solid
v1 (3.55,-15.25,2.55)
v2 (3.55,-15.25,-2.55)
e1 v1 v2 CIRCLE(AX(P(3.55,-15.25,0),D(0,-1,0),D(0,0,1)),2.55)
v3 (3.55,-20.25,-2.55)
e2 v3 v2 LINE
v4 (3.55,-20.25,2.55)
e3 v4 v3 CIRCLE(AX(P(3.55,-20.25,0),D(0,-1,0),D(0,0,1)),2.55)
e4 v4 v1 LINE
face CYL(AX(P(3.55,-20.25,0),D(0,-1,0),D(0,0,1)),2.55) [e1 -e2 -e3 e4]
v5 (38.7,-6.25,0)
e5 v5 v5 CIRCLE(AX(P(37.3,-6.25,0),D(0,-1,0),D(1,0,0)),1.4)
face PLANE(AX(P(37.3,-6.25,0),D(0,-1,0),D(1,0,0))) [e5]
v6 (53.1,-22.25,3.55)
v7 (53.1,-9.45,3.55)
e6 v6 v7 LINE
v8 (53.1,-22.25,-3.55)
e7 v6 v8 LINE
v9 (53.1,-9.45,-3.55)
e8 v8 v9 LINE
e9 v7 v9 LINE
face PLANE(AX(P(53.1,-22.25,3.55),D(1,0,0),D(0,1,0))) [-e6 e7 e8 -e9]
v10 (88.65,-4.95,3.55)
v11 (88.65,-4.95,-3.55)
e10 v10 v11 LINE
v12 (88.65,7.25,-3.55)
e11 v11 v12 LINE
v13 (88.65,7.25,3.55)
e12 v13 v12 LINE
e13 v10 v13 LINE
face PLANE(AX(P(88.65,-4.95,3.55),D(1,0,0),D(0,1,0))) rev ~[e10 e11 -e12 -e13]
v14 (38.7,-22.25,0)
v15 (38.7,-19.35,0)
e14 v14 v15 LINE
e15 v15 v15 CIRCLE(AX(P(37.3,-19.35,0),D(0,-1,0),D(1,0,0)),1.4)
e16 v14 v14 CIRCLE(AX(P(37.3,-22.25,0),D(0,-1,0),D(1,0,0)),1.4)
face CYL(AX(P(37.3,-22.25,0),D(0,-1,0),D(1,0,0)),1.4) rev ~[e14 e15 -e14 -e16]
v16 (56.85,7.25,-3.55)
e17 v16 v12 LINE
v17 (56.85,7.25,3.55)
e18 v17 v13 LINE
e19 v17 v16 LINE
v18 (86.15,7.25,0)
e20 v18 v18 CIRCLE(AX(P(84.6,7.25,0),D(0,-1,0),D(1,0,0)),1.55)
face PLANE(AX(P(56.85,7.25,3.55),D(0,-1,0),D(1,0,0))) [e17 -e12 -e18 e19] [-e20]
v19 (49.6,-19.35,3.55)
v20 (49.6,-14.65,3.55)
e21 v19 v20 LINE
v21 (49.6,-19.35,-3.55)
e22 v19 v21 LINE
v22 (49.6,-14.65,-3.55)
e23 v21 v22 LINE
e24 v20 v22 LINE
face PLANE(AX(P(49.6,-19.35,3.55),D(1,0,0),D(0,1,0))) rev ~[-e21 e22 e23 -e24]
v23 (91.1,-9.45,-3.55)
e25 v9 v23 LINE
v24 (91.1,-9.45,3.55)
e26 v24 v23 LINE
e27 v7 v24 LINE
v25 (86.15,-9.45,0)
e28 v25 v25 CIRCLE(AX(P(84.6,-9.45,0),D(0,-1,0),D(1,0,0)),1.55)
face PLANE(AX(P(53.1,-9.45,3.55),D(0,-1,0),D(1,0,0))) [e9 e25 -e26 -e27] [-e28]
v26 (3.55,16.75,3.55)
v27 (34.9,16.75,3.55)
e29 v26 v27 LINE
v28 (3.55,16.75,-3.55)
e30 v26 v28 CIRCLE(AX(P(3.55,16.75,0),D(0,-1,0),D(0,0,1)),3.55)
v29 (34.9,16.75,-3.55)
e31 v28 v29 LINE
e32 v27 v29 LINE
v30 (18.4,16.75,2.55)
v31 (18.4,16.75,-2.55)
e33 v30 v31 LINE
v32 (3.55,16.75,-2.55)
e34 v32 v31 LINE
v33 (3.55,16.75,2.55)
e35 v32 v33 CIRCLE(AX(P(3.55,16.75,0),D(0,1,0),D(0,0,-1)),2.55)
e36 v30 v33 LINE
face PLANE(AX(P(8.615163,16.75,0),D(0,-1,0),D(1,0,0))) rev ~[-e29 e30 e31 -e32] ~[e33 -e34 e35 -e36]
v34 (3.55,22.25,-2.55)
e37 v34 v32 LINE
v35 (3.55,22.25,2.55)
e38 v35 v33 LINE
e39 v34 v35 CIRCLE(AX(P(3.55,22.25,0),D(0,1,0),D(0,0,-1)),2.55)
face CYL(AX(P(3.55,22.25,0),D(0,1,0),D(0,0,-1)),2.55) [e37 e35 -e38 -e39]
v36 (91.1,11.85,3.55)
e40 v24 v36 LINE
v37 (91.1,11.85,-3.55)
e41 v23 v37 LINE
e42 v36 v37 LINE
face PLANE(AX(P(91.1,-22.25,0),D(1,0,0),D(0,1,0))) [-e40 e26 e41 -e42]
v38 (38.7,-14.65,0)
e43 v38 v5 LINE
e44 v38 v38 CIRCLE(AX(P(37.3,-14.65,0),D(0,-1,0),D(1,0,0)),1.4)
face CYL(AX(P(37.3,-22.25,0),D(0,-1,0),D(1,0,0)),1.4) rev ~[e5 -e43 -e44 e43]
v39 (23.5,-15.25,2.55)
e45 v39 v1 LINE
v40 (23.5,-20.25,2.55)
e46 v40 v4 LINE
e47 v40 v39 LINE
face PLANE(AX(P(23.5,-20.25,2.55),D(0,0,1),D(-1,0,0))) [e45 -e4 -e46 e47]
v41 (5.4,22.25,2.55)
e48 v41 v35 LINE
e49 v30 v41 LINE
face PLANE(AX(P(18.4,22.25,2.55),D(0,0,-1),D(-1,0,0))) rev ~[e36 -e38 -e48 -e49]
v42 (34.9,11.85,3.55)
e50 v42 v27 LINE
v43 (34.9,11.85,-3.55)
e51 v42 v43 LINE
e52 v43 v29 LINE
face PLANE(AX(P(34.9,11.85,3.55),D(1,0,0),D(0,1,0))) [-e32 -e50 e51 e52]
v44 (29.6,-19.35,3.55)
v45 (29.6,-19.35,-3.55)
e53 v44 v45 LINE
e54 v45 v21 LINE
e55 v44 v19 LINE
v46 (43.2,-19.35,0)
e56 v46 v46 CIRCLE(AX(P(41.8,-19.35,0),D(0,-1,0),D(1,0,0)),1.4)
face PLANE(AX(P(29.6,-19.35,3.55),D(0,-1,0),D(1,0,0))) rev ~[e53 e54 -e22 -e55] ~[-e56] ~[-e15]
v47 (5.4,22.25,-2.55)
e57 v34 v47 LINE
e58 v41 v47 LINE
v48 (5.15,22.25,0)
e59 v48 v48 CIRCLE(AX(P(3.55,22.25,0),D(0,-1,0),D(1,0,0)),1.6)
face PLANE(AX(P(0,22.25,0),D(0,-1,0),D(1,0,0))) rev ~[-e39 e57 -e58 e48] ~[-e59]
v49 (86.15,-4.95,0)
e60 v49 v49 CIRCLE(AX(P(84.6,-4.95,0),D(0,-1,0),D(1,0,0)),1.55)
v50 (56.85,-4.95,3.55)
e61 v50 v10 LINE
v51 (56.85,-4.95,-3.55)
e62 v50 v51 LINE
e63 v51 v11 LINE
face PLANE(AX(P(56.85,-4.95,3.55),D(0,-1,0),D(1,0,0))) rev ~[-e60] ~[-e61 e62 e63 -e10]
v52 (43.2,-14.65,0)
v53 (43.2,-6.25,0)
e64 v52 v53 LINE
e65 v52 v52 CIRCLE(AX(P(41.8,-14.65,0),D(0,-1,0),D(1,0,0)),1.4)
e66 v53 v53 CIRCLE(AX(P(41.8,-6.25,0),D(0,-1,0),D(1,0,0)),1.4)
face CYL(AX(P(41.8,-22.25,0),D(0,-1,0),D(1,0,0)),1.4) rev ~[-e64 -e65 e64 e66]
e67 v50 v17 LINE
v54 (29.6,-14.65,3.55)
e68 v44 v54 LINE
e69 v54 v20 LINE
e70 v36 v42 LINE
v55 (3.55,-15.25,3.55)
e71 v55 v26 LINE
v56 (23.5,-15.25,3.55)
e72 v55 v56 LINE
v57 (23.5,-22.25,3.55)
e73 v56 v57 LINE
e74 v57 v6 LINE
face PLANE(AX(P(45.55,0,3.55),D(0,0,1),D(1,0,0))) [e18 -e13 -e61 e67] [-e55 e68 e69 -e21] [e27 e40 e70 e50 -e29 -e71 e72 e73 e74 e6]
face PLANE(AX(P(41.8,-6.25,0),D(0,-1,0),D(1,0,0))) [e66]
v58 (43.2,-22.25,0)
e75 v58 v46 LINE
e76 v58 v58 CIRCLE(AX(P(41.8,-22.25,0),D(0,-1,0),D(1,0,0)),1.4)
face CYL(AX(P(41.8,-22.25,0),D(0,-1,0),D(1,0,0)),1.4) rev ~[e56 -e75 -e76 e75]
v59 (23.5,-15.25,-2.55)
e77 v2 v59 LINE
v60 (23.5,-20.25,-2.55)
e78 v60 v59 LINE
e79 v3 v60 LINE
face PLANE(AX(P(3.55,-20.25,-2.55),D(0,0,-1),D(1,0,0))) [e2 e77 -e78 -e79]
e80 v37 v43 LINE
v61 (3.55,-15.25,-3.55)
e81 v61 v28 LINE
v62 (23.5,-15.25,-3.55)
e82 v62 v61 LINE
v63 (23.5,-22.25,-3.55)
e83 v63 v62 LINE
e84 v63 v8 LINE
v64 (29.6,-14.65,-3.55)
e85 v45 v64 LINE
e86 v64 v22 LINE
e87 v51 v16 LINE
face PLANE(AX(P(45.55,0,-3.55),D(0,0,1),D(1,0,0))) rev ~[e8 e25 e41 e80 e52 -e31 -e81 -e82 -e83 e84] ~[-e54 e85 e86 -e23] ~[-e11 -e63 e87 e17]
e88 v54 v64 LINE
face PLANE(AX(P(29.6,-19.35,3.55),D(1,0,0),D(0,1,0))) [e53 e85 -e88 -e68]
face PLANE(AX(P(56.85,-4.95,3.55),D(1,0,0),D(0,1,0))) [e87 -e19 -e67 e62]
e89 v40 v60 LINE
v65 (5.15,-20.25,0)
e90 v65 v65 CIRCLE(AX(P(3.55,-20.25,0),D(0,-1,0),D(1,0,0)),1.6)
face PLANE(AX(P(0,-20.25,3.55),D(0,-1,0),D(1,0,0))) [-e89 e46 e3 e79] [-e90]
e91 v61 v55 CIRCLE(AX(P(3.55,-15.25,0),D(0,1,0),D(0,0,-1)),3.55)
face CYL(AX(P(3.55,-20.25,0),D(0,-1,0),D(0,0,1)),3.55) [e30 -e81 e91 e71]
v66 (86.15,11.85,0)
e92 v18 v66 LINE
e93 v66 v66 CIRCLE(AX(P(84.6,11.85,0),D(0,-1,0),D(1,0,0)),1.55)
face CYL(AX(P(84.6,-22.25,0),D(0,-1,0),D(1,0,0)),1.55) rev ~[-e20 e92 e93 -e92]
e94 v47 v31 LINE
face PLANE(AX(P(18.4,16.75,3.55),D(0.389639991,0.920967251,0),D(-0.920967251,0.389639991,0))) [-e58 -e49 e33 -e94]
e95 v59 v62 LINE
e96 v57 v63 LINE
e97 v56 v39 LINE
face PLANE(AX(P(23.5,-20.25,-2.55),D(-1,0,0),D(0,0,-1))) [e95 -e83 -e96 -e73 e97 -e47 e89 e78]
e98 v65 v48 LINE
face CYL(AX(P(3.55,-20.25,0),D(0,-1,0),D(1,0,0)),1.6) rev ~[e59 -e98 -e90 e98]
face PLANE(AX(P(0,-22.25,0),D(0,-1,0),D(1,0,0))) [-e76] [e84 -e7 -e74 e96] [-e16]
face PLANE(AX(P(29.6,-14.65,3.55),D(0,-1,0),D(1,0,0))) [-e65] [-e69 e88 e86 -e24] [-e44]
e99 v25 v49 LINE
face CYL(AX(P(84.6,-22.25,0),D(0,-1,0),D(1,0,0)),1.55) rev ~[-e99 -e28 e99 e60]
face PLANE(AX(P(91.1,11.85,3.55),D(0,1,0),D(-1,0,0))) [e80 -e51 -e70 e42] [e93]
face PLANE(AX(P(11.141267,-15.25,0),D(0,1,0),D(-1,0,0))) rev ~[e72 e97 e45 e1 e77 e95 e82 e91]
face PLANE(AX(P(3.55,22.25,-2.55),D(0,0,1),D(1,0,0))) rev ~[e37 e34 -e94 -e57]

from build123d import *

# Parameters (mm, degrees)
SKETCH_W        = 91.1
SKETCH_H        = 44.5
PAD_DEPTH       = 3.55
POCKET_DEPTH    = 7.101
SKETCH002_W     = 38
SKETCH002_H     = 12.8
POCKET001_DEPTH = 7.101
SKETCH003_W     = 23.5
SKETCH003_H     = 2
POCKET002_DEPTH = 7.101
SKETCH004_W     = 31.8
SKETCH004_H     = 12.2
POCKET003_DEPTH = 7.101
SKETCH005_W     = 20
SKETCH005_H     = 4.7
POCKET004_DEPTH = 7.101
POCKET005_DEPTH = 42.501
POCKET006_DEPTH = 5
POCKET007_DEPTH = 5.5
SKETCH009_R     = 1.6
POCKET008_DEPTH = 42.501
SKETCH010_R     = 1.55
POCKET009_DEPTH = 44.501
SKETCH011_R     = 1.4
POCKET010_DEPTH = 16


with BuildPart() as part:
    # Sketch → Pad (new body, symmetric)
    with BuildSketch(Plane.XY):
        with Locations((45.55, 0)):
            Rectangle(SKETCH_W, SKETCH_H)
    extrude(amount=PAD_DEPTH, both=True)

    # Sketch001 → Pocket (cut, through all)
    with BuildSketch(Plane.XY.offset(3.55)):
        Polygon((5.4, 22.25), (91.1, 22.25), (91.1, 11.85), (34.9, 11.85), (34.9, 16.75), (18.4, 16.75), align=None)
    extrude(amount=-POCKET_DEPTH, mode=Mode.SUBTRACT)

    # Sketch002 → Pocket001 (cut, through all)
    with BuildSketch(Plane.XY.offset(3.55)):
        with Locations((72.1, -15.85)):
            Rectangle(SKETCH002_W, SKETCH002_H)
    extrude(amount=-POCKET001_DEPTH, mode=Mode.SUBTRACT)

    # Sketch003 → Pocket002 (cut, through all)
    with BuildSketch(Plane.XY.offset(3.55)):
        with Locations((11.75, -21.25)):
            Rectangle(SKETCH003_W, SKETCH003_H)
    extrude(amount=-POCKET002_DEPTH, mode=Mode.SUBTRACT)

    # Sketch004 → Pocket003 (cut, through all)
    with BuildSketch(Plane.XY.offset(3.55)):
        with Locations((72.75, 1.15)):
            Rectangle(SKETCH004_W, SKETCH004_H)
    extrude(amount=-POCKET003_DEPTH, mode=Mode.SUBTRACT)

    # Sketch005 → Pocket004 (cut, through all)
    with BuildSketch(Plane.XY.offset(3.55)):
        with Locations((39.6, -17)):
            Rectangle(SKETCH005_W, SKETCH005_H)
    extrude(amount=-POCKET004_DEPTH, mode=Mode.SUBTRACT)

    # Sketch006 → Pocket005 (cut, through all)
    with BuildSketch(Plane.XZ.offset(20.25)):
        with BuildLine():
            Line((3.55, 3.55), (-1.45, 3.55))
            Line((-1.45, 3.55), (-1.45, -3.55))
            Line((-1.45, -3.55), (3.55, -3.55))
            ThreePointArc((3.55, 3.55), (0, 0), (3.55, -3.55))
        make_face()
    extrude(amount=-POCKET005_DEPTH, mode=Mode.SUBTRACT)

    # Sketch007 → Pocket006 (cut)
    with BuildSketch(Plane.XZ.offset(20.25)):
        with BuildLine():
            Line((0, 3.55), (23.5, 3.55))
            Line((23.5, 3.55), (23.5, 2.55))
            Line((23.5, 2.55), (3.55, 2.55))
            ThreePointArc((3.55, 2.55), (1, 0), (3.55, -2.55))
            Line((3.55, -2.55), (23.5, -2.55))
            Line((23.5, -2.55), (23.5, -3.55))
            Line((23.5, -3.55), (0, -3.55))
            Line((0, -3.55), (0, 3.55))
        make_face()
    extrude(amount=-POCKET006_DEPTH, mode=Mode.SUBTRACT)

    # Sketch008 → Pocket007 (cut)
    with BuildSketch(Plane(origin=(0, 22.25, 0), x_dir=(-1, 0, 0), z_dir=(0, 1, 0))):
        with BuildLine():
            Line((-18.4, 3.55), (0, 3.55))
            Line((0, 3.55), (0, -3.55))
            Line((0, -3.55), (-18.4, -3.55))
            Line((-18.4, -2.55), (-18.4, -3.55))
            Line((-3.55, -2.55), (-18.4, -2.55))
            ThreePointArc((-3.55, -2.55), (-1, 0), (-3.55, 2.55))
            Line((-18.4, 2.55), (-3.55, 2.55))
            Line((-18.4, 3.55), (-18.4, 2.55))
        make_face()
    extrude(amount=-POCKET007_DEPTH, mode=Mode.SUBTRACT)

    # Sketch009 → Pocket008 (cut, through all)
    with BuildSketch(Plane.XZ.offset(20.25)):
        with Locations((3.55, 0)):
            Circle(SKETCH009_R)
    extrude(amount=-POCKET008_DEPTH, mode=Mode.SUBTRACT)

    # Sketch010 → Pocket009 (cut, through all)
    with BuildSketch(Plane.XZ.offset(22.25)):
        with Locations((84.6, 0)):
            Circle(SKETCH010_R)
    extrude(amount=-POCKET009_DEPTH, mode=Mode.SUBTRACT)

    # Sketch011 → Pocket010 (cut)
    with BuildSketch(Plane.XZ.offset(22.25)):
        with Locations((41.8, 0)):
            Circle(SKETCH011_R)
        with Locations((37.3, 0)):
            Circle(SKETCH011_R)
    extrude(amount=-POCKET010_DEPTH, mode=Mode.SUBTRACT)


solid = part.part
